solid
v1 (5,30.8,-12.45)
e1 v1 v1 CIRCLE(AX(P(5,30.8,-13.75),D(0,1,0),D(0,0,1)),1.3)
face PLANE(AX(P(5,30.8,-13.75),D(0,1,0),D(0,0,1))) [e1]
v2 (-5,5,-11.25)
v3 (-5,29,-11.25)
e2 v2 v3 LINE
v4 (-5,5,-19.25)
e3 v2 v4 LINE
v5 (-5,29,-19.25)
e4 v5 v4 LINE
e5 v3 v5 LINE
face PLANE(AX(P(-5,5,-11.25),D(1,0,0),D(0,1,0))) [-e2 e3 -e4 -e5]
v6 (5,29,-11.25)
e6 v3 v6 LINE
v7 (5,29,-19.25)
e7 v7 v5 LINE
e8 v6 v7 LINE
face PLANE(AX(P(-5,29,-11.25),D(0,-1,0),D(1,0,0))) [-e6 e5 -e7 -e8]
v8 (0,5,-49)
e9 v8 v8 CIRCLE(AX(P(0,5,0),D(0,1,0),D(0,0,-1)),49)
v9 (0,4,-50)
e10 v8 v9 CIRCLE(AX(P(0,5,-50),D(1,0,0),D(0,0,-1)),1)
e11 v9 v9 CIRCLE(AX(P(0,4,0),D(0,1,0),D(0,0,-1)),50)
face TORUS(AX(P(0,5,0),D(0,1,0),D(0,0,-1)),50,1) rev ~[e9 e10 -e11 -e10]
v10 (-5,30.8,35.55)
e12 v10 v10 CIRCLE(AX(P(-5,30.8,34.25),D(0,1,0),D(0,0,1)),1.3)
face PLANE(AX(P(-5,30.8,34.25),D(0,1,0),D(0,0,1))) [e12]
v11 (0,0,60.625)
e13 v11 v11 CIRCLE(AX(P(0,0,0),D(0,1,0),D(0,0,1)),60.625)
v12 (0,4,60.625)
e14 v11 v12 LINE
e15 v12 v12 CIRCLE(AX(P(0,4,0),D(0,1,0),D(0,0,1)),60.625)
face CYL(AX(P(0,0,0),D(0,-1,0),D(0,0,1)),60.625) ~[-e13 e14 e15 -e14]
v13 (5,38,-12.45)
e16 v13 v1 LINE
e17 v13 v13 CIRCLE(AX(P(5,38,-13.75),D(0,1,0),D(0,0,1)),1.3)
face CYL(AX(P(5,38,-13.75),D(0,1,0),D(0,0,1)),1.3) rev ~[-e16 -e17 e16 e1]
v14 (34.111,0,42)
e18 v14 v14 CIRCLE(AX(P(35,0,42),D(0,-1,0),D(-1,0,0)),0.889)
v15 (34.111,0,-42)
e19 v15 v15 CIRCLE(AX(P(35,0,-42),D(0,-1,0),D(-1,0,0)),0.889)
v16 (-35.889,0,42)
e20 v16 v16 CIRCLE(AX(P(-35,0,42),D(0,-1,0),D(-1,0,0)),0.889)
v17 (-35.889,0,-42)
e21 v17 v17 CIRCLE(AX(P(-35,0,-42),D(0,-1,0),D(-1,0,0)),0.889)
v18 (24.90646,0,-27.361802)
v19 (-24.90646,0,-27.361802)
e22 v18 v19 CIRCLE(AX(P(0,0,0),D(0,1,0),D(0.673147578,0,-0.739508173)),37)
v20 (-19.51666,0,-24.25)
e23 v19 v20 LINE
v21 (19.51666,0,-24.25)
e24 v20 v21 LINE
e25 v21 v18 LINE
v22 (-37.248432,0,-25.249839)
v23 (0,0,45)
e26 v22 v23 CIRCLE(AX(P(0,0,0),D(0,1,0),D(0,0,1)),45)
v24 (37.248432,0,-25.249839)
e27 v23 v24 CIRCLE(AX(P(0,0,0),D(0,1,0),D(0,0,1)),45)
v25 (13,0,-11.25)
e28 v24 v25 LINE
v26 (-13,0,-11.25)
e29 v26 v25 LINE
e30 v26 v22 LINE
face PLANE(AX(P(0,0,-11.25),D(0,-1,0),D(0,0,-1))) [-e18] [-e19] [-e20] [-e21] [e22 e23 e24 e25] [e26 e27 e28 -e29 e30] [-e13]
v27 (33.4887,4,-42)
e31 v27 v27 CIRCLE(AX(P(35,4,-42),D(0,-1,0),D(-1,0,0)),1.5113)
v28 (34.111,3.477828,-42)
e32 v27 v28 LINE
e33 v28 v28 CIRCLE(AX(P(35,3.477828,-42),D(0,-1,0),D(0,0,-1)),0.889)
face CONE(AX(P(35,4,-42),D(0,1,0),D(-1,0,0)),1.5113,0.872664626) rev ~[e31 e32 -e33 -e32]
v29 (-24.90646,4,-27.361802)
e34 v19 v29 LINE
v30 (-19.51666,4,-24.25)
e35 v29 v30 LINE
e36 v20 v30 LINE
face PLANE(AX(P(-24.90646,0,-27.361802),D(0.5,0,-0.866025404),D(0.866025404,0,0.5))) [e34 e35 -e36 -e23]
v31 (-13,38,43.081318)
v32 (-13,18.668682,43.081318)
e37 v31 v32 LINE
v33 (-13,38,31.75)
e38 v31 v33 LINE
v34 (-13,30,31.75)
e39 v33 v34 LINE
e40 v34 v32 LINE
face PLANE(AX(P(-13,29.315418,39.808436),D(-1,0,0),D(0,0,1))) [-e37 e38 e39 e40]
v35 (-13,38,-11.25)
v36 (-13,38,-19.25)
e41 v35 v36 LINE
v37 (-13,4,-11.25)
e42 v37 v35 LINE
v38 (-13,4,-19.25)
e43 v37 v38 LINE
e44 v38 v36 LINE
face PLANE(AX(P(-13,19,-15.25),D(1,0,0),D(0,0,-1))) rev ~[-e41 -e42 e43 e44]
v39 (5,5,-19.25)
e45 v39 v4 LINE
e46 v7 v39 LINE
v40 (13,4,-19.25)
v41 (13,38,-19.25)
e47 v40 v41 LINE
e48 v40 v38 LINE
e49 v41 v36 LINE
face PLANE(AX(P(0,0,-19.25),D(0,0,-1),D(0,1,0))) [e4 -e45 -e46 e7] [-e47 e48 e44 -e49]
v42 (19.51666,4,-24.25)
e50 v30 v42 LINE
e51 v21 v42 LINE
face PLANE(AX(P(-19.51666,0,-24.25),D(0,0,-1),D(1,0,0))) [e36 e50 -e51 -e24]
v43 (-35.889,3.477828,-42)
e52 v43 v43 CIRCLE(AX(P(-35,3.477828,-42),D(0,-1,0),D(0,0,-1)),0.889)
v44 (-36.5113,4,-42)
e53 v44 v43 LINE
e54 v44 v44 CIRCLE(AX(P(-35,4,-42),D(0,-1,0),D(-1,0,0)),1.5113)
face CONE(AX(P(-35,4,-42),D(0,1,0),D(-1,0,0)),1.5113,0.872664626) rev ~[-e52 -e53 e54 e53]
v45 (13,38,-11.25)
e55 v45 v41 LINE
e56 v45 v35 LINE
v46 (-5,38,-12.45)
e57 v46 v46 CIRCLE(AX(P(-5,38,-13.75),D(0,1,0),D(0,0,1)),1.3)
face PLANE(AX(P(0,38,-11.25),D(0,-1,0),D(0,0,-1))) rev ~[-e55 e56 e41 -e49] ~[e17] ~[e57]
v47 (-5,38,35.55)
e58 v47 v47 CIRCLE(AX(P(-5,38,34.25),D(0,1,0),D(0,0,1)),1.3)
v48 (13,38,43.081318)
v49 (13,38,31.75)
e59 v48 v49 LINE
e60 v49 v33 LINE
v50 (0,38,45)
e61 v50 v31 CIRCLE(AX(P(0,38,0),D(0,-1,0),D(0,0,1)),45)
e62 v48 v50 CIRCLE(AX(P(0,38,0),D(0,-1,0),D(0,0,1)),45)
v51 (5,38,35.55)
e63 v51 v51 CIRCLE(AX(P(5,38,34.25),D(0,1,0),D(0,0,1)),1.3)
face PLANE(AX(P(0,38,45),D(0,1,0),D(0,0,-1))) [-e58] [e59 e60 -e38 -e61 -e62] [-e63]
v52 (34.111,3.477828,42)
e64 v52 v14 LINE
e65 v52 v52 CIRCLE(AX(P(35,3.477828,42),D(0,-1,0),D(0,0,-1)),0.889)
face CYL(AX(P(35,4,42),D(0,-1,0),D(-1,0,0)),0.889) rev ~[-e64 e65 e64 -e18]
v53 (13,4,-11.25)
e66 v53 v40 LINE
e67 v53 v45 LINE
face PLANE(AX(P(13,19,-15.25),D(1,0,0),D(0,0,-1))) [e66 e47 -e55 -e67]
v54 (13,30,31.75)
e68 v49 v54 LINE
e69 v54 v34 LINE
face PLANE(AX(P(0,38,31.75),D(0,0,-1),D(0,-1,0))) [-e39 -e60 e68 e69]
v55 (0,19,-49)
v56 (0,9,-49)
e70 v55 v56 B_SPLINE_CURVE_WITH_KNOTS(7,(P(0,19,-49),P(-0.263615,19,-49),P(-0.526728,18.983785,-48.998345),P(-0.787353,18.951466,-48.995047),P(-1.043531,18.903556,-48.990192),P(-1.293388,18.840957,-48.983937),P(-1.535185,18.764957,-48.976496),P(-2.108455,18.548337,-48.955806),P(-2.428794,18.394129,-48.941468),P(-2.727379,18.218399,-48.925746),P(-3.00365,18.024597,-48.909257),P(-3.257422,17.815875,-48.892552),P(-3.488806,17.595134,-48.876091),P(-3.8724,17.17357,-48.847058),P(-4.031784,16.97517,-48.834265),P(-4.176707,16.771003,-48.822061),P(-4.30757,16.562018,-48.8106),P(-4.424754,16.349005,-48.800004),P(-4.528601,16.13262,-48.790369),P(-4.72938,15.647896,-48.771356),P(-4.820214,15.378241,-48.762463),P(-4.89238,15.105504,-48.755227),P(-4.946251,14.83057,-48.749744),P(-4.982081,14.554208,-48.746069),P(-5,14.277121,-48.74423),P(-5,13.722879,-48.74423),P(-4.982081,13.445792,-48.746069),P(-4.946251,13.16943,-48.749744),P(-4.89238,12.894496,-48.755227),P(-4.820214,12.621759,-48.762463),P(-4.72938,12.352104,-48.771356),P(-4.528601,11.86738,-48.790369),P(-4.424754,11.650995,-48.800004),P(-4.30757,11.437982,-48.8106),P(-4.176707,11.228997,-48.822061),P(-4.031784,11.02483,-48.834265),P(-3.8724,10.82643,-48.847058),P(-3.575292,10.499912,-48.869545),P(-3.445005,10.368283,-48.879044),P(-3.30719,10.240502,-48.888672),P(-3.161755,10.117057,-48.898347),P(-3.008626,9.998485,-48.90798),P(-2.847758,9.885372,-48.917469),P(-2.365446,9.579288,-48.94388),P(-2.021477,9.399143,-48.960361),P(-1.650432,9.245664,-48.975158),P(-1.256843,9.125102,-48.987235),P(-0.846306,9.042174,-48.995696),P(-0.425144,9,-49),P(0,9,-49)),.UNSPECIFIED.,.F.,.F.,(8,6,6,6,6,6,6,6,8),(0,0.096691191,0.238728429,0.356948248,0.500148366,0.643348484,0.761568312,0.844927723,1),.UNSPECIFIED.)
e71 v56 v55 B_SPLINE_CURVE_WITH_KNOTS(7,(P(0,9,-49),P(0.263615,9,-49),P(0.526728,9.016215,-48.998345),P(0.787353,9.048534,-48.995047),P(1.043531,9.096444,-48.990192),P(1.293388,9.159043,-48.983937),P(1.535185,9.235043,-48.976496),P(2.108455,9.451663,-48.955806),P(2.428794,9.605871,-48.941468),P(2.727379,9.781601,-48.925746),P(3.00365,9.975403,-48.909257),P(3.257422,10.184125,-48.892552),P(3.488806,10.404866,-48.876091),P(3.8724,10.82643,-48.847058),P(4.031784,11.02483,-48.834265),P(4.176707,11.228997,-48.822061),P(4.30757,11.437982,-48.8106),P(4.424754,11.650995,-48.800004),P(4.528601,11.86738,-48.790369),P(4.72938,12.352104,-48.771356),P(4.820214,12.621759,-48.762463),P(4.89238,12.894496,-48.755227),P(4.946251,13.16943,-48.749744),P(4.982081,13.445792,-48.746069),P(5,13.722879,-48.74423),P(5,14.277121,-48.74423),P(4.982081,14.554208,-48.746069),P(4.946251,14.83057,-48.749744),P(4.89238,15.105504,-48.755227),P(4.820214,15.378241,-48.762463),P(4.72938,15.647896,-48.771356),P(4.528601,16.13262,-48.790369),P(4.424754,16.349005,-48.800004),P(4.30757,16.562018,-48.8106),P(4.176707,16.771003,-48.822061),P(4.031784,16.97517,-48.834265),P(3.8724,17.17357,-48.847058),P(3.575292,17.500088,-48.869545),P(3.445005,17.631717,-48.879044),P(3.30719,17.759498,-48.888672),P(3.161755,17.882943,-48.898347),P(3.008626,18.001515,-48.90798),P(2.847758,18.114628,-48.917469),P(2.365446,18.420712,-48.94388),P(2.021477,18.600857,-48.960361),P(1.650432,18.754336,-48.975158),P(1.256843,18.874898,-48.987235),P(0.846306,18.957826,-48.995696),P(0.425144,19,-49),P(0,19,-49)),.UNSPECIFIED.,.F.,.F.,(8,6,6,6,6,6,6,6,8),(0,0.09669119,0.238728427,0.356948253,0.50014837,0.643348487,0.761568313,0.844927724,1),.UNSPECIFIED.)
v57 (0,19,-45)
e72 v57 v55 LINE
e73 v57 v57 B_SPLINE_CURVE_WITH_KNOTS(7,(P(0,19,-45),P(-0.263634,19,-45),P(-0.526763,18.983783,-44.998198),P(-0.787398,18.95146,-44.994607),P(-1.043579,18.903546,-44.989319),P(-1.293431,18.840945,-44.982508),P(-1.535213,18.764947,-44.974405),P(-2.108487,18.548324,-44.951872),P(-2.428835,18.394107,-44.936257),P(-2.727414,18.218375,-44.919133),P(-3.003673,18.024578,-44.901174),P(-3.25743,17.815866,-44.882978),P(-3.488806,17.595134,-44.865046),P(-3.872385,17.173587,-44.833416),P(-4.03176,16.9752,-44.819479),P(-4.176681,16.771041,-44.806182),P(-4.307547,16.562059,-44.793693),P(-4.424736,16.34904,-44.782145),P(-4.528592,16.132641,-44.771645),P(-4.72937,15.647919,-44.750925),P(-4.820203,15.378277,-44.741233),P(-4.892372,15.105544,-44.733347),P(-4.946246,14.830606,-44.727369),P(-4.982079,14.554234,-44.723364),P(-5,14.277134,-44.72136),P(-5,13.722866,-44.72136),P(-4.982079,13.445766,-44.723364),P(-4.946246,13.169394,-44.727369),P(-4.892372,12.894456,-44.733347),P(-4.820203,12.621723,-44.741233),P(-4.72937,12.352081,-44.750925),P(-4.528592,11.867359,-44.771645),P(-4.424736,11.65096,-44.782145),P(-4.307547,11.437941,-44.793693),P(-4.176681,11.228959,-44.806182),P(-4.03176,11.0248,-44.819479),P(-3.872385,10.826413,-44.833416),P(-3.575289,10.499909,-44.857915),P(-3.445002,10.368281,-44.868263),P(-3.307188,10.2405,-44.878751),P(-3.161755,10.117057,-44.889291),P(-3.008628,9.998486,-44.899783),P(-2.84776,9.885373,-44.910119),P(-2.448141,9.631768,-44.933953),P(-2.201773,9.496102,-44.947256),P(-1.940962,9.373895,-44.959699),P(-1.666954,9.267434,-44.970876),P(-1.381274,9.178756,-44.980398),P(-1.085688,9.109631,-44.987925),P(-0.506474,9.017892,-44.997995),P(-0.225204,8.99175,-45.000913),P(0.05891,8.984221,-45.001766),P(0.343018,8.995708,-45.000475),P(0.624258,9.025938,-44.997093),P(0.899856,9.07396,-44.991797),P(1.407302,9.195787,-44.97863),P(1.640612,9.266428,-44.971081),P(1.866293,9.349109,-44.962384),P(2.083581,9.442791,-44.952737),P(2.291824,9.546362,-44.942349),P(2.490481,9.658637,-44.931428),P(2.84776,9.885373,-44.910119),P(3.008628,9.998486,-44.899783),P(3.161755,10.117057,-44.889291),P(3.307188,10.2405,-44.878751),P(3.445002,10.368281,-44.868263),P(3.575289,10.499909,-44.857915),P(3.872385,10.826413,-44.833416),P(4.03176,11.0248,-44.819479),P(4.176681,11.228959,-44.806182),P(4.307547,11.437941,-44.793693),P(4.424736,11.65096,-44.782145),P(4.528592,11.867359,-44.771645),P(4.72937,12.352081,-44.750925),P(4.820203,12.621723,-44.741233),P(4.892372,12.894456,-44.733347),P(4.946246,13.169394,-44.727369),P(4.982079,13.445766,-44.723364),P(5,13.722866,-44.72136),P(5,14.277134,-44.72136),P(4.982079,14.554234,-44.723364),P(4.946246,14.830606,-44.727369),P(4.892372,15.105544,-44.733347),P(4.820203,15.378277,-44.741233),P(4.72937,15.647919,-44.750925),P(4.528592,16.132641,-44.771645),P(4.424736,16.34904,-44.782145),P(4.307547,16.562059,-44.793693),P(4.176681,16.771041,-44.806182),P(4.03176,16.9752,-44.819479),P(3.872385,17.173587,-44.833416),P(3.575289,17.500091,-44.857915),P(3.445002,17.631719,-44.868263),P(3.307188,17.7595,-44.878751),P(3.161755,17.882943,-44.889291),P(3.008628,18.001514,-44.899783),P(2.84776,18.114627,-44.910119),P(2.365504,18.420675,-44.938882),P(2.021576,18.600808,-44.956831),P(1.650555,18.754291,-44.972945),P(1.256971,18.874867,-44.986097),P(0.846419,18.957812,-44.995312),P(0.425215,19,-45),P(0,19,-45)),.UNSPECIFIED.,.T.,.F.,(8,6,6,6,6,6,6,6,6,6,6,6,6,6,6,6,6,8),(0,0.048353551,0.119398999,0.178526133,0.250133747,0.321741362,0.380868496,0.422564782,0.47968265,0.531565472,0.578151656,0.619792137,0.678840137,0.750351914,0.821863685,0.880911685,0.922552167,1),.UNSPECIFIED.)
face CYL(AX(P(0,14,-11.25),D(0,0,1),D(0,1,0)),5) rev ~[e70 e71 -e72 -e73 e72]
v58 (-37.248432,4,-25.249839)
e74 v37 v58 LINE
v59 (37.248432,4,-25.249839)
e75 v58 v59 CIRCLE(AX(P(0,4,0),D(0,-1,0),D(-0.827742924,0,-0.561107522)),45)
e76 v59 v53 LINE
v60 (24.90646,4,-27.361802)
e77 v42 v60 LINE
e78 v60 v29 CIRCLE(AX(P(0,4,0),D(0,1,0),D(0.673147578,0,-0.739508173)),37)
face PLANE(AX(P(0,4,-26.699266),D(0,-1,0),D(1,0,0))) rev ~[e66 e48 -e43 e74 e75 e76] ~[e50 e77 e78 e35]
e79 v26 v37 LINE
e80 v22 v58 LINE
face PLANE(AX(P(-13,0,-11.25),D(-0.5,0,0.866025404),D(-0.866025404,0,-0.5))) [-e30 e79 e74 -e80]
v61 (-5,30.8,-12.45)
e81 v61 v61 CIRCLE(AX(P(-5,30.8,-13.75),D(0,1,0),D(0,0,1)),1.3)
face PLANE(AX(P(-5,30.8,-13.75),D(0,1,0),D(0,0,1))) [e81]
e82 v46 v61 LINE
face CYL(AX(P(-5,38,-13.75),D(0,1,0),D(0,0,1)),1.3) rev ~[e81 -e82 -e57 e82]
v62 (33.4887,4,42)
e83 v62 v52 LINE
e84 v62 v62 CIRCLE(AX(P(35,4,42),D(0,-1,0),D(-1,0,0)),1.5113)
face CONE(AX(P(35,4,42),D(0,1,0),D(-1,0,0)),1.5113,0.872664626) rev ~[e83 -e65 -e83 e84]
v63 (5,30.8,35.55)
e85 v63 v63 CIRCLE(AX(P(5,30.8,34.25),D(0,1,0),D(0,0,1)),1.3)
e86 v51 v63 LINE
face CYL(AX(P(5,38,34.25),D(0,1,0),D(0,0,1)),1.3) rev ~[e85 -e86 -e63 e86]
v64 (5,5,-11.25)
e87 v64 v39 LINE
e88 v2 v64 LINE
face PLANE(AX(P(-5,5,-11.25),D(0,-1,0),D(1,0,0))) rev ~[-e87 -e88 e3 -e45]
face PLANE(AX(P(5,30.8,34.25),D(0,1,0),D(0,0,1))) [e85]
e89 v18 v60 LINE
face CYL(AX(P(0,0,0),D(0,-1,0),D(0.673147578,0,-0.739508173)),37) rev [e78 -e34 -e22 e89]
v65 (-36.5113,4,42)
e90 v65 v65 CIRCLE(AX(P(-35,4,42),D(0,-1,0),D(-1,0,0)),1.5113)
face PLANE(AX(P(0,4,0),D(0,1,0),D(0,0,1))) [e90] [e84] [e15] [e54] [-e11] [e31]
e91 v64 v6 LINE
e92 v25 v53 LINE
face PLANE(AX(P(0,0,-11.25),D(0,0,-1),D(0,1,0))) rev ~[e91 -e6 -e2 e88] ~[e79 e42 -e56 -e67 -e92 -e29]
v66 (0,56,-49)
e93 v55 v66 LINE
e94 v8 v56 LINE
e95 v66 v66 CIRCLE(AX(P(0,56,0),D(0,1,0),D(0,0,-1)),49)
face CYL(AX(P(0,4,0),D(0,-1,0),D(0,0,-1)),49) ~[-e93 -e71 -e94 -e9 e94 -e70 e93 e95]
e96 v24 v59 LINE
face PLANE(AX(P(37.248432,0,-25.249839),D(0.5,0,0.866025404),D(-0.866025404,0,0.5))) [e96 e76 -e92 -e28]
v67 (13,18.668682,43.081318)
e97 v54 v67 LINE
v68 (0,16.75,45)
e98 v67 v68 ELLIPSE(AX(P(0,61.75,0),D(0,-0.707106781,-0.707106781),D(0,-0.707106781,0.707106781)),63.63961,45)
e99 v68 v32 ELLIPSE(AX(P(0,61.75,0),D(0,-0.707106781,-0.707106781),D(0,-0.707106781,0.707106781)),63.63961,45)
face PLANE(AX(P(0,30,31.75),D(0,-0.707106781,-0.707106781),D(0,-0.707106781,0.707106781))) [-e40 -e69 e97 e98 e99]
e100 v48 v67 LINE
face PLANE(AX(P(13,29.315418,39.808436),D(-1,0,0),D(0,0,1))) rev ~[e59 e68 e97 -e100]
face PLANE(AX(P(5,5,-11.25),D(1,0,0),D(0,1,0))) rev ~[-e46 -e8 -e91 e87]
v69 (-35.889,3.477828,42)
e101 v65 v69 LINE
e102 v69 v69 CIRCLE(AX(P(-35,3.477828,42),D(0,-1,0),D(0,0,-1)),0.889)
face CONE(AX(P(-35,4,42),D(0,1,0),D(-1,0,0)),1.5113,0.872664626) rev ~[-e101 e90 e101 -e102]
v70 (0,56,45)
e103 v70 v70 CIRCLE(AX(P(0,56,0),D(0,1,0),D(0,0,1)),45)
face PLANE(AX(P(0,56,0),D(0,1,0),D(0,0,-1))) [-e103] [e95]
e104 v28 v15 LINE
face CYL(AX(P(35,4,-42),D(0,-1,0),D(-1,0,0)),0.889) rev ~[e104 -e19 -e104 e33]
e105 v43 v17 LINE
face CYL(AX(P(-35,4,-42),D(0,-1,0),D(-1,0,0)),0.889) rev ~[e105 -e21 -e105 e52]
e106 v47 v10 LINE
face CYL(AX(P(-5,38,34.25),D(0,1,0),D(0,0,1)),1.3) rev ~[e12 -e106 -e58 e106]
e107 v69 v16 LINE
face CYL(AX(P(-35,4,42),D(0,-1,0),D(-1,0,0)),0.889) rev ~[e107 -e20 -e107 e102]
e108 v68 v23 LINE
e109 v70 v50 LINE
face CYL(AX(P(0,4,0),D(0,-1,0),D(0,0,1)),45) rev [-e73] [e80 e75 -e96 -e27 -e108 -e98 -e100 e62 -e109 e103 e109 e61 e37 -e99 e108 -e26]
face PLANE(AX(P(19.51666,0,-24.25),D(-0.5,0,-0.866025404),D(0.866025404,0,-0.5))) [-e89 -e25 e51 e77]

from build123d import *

# Parameters (mm, degrees)
SKETCH1_R                                         = 60.625
SKETCH1_R_2                                       = 45
BOSS_EXTRUDE1_DEPTH                               = 4
SKETCH2_R                                         = 49
SKETCH2_R_2                                       = 45
BOSS_EXTRUDE2_DEPTH                               = 52
SKETCH3_W                                         = 8
SKETCH3_H                                         = 38
BOSS_EXTRUDE3_DEPTH                               = 13
SKETCH5_W                                         = 10
SKETCH5_H                                         = 24
CUT_EXTRUDE1_DEPTH                                = 23
SKETCH6_R                                         = 5
CUT_EXTRUDE2_DEPTH                                = 60
SKETCH7_R                                         = 1.3
CUT_EXTRUDE3_DEPTH                                = 7.2
BOSS_EXTRUDE4_DEPTH                               = 4
CSK_FOR_0_FLAT_HEAD_MACHINE_SCREW_100_D           = 1.778
CSK_FOR_0_FLAT_HEAD_MACHINE_SCREW_100_CSINK_D     = 3.0226
CSK_FOR_0_FLAT_HEAD_MACHINE_SCREW_100_CSINK_ANGLE = 100
FILLET1_R                                         = 1


with BuildPart() as part:
    # Sketch1 → Boss-Extrude1 (new body)
    with BuildSketch(Plane(origin=(0, 0, 0), x_dir=(1, 0, 0), z_dir=(0, 1, 0))):
        with Locations(Location((0, 0, 0), (0, 0, 270))):
            Circle(SKETCH1_R)
        with Locations(Location((0, 0, 0), (0, 0, 270))):
            Circle(SKETCH1_R_2, mode=Mode.SUBTRACT)
    extrude(amount=BOSS_EXTRUDE1_DEPTH)

    # Sketch2 → Boss-Extrude2 (add)
    with BuildSketch(Plane(origin=(0, 4, 0), x_dir=(1, 0, 0), z_dir=(0, 1, 0))):
        with Locations(Location((0, 0, 0), (0, 0, 90))):
            Circle(SKETCH2_R)
        with Locations(Location((0, 0, 0), (0, 0, 270))):
            Circle(SKETCH2_R_2, mode=Mode.SUBTRACT)
    extrude(amount=BOSS_EXTRUDE2_DEPTH)

    # Sketch3 → Boss-Extrude3 (add, symmetric)
    with BuildSketch(Plane(origin=(0, 0, 0), x_dir=(0, 0, -1), z_dir=(1, 0, 0))):
        Polygon((-45, 38), (-31.75, 38), (-31.75, 30), (-45, 16.75), align=None)
        with Locations((15.25, 19)):
            Rectangle(SKETCH3_W, SKETCH3_H)
    extrude(amount=BOSS_EXTRUDE3_DEPTH, both=True)


with BuildPart() as boss_extrude3_piece_1:
    # of the separate pieces the step leaves, piece 1, a body of its own (boss_extrude3_pieces)
    add(part.part.solids().sort_by_distance((0, 0, 60.625))[0])

    # Sketch6 → Cut-Extrude2 (cut)
    with BuildSketch(Plane.XY.offset(-11.25)):
        with Locations(Location((0, 14, 0), (0, 0, 90))):
            Circle(SKETCH6_R)
    extrude(amount=-CUT_EXTRUDE2_DEPTH, mode=Mode.SUBTRACT)


with BuildPart() as boss_extrude3_piece_2:
    # of the separate pieces the step leaves, piece 2, a body of its own (boss_extrude3_pieces)
    add(part.part.solids().sort_by_distance((-13, 0, -19.25))[0])

    # Sketch5 → Cut-Extrude1 (cut)
    with BuildSketch(Plane.XY.offset(-11.25)):
        with Locations((0, 17)):
            Rectangle(SKETCH5_W, SKETCH5_H)
    extrude(amount=-CUT_EXTRUDE1_DEPTH, mode=Mode.SUBTRACT)


with BuildPart() as cut_extrude3_tool:
    # Sketch7 → Cut-Extrude3 (new body)
    with BuildSketch(Plane(origin=(0, 38, 0), x_dir=(1, 0, 0), z_dir=(0, 1, 0))):
        with Locations(Location((-5, 13.75, 0), (0, 0, 270))):
            Circle(SKETCH7_R)
        with Locations(Location((5, 13.75, 0), (0, 0, 270))):
            Circle(SKETCH7_R)
        with Locations(Location((5, -34.25, 0), (0, 0, 270))):
            Circle(SKETCH7_R)
        with Locations(Location((-5, -34.25, 0), (0, 0, 270))):
            Circle(SKETCH7_R)
    extrude(amount=-CUT_EXTRUDE3_DEPTH)


with BuildPart() as boss_extrude3_piece_1_1:
    add(boss_extrude3_piece_1.part)

    # Cut-Extrude3: cut by cut_extrude3_tool
    add(cut_extrude3_tool.part, mode=Mode.SUBTRACT)



with BuildPart() as boss_extrude3_piece_2_1:
    add(boss_extrude3_piece_2.part)

    # Cut-Extrude3: cut by cut_extrude3_tool
    add(cut_extrude3_tool.part, mode=Mode.SUBTRACT)


with BuildPart() as boss_extrude3_piece_1_2:
    add(boss_extrude3_piece_1_1.part)

    add(boss_extrude3_piece_2_1.part)  # Boss-Extrude4 merges Boss-Extrude3 piece 2
    # Sketch8 → Boss-Extrude4 (add)
    with BuildSketch(Plane.XZ):
        with BuildLine():
            Line((13, -11.25), (-13, -11.25))
            Line((-13, -11.25), (-37.248431585, -25.249838503))
            ThreePointArc((-37.248431585, -25.249838503), (0, -45), (37.248431585, -25.249838503))
            Line((37.248431585, -25.249838503), (13, -11.25))
        make_face()
        with BuildLine():
            Line((19.516660498, -24.25), (24.906460381, -27.361802413))
            ThreePointArc((24.906460381, -27.361802413), (0, -37), (-24.906460381, -27.361802413))
            Line((-24.906460381, -27.361802413), (-19.516660498, -24.25))
            Line((-19.516660498, -24.25), (19.516660498, -24.25))
        make_face(mode=Mode.SUBTRACT)
    extrude(amount=-BOSS_EXTRUDE4_DEPTH)

    # CSK for #0 Flat Head Machine Screw (100)1 (through all)
    with Locations(Plane(origin=(0, 4, 0), x_dir=(1, 0, 0), z_dir=(0, 1, 0))):
        with Locations((-35, 42), (35, 42), (35, -42), (-35, -42)):
            CounterSinkHole(CSK_FOR_0_FLAT_HEAD_MACHINE_SCREW_100_D / 2, CSK_FOR_0_FLAT_HEAD_MACHINE_SCREW_100_CSINK_D / 2, counter_sink_angle=CSK_FOR_0_FLAT_HEAD_MACHINE_SCREW_100_CSINK_ANGLE)

    # Fillet1
    fillet1_edges = [boss_extrude3_piece_1_2.edges().sort_by_distance(p)[0] for p in [
        (0, 4, 49),
    ]]
    fillet(fillet1_edges, radius=FILLET1_R)


solid = boss_extrude3_piece_1_2.part
